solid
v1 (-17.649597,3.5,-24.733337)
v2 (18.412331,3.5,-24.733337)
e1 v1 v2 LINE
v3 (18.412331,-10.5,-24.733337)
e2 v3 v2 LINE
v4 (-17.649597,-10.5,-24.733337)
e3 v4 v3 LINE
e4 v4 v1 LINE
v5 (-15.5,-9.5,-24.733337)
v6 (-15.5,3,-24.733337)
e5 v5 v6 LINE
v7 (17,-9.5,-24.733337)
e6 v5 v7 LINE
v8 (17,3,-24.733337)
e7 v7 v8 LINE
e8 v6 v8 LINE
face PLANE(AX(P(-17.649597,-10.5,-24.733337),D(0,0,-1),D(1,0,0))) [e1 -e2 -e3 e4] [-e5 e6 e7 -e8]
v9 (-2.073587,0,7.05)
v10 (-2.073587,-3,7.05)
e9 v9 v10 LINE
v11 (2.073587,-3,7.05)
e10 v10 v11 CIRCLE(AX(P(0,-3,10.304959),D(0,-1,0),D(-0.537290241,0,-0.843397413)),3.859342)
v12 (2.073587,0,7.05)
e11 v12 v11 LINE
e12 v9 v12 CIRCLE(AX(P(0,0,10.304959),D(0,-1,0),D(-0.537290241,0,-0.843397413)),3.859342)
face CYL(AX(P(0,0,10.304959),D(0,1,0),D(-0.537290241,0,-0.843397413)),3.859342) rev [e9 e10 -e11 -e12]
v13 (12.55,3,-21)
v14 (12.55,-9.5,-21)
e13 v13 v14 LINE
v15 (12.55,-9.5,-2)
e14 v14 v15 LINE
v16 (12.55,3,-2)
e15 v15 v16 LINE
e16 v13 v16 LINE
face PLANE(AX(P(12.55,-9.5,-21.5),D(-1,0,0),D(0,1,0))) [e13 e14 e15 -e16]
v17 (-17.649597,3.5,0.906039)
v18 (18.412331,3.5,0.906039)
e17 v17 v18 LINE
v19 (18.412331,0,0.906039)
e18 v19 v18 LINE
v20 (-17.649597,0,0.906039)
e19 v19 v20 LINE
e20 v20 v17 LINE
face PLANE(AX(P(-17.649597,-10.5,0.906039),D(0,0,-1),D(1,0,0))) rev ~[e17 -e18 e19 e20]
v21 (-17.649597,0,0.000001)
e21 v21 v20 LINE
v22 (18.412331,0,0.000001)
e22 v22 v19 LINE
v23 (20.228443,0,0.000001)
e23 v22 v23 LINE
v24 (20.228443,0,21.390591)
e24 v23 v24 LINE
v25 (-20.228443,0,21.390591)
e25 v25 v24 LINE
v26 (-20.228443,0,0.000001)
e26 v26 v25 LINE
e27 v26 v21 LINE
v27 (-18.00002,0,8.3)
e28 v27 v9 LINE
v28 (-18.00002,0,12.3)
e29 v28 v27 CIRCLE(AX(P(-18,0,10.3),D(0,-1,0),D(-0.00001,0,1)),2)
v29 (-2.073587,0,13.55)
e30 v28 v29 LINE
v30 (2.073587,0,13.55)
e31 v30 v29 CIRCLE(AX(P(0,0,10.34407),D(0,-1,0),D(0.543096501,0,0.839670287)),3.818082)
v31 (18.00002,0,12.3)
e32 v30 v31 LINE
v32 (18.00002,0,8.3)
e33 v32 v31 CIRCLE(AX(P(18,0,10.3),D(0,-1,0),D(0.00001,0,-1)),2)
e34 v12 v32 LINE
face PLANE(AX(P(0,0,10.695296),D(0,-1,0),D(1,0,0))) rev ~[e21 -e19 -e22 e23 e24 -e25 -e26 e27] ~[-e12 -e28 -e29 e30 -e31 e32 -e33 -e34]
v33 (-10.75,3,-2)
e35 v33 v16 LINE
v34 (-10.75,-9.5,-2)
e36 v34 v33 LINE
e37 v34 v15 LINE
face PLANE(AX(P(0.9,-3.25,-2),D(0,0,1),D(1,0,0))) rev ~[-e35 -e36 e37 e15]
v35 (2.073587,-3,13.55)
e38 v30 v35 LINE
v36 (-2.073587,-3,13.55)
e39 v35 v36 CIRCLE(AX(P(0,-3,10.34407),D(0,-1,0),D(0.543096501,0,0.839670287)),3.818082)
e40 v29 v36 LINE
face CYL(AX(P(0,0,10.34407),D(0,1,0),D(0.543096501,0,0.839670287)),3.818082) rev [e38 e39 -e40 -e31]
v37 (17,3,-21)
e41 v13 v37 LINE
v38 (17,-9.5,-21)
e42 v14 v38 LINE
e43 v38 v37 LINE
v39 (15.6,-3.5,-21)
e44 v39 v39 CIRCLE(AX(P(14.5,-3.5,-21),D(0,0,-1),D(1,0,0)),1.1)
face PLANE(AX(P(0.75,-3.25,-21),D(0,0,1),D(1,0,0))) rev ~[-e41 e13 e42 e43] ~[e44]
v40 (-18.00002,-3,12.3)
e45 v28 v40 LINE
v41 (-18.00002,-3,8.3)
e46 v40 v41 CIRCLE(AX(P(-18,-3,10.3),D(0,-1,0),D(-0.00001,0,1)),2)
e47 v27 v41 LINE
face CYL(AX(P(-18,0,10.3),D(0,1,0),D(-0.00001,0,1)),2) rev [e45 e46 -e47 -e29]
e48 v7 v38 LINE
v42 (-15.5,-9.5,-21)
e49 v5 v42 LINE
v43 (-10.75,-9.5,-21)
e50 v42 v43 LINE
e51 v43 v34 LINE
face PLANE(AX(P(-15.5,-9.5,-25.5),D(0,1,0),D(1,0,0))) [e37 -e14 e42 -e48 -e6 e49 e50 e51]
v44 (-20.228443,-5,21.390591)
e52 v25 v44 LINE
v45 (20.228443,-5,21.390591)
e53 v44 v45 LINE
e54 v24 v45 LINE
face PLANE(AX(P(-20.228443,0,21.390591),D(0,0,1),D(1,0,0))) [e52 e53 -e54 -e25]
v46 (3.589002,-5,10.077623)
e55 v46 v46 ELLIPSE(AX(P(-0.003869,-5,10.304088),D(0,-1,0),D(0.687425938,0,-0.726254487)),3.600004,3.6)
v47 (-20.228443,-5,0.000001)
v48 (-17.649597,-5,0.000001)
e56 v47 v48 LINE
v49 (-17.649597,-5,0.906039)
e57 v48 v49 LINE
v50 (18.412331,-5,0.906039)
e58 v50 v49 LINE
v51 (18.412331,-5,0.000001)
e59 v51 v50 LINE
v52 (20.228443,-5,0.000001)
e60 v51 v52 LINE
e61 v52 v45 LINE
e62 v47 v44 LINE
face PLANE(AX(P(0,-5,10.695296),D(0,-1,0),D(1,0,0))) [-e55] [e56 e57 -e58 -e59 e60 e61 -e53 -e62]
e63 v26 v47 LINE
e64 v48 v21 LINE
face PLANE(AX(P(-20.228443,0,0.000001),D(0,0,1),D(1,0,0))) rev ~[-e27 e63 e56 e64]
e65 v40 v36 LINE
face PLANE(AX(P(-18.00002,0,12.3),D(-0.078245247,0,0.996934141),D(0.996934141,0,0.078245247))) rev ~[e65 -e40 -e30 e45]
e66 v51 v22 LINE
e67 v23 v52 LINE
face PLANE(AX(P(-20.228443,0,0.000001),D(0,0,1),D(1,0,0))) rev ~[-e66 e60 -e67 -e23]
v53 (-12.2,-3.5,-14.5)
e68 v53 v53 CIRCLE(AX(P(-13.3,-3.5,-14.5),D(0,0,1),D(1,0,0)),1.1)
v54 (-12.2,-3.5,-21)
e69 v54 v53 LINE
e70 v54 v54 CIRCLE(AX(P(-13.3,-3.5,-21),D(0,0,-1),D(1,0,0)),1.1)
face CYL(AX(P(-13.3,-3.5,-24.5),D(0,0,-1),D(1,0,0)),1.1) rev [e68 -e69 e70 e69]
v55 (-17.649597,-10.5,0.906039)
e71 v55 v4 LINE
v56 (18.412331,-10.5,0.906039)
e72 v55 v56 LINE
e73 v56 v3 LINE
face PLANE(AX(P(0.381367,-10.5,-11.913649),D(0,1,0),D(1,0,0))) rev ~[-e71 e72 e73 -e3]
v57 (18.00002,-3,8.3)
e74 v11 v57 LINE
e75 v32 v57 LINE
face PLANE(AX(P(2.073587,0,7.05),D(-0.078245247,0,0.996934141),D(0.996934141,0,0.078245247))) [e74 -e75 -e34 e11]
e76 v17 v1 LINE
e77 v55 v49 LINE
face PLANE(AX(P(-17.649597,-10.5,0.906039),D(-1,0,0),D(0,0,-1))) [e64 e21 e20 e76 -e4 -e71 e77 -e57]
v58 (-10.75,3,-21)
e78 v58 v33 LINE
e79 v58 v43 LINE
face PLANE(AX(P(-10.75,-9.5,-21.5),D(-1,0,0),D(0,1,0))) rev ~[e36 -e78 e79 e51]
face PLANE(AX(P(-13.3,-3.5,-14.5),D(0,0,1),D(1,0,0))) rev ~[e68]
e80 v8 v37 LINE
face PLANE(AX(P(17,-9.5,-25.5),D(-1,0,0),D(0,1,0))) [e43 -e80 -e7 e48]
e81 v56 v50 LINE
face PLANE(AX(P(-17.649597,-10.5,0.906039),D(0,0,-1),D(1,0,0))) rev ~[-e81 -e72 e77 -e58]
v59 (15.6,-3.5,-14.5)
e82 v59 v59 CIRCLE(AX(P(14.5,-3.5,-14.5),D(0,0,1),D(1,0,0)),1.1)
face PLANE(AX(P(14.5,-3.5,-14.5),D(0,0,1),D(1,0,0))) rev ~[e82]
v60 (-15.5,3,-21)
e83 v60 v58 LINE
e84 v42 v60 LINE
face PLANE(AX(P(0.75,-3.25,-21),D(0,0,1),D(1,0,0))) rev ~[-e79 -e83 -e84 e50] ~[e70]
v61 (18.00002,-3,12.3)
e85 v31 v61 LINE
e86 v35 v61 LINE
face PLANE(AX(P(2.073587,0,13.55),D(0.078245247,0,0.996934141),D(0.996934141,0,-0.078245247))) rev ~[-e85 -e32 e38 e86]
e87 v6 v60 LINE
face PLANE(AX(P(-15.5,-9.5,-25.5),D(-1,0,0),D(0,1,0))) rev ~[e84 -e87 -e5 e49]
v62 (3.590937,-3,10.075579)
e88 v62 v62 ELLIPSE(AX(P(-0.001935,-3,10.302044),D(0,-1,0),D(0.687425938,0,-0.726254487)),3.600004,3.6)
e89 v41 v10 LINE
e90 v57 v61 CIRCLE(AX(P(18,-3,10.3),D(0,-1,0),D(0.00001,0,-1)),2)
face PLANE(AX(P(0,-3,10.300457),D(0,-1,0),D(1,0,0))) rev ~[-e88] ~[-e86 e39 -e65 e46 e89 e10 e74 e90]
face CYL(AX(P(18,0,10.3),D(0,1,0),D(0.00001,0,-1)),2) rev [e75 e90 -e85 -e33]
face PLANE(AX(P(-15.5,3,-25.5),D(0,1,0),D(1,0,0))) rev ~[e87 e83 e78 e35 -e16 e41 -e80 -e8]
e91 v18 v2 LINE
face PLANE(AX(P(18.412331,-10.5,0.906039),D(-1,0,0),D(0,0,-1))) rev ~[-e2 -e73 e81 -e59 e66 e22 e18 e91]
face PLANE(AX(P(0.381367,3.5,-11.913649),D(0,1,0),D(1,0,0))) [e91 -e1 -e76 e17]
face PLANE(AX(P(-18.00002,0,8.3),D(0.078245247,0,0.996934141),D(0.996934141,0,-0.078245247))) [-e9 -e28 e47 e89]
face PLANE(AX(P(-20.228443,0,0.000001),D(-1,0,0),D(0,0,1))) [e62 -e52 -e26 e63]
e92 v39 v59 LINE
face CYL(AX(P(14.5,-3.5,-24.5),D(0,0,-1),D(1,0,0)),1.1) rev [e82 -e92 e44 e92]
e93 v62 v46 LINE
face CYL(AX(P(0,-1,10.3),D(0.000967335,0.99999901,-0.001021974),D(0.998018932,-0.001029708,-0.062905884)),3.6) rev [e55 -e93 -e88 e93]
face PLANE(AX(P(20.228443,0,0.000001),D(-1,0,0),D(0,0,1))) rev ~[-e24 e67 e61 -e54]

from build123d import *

# Parameters (mm, degrees)
CYLINDER023_R               = 3.6
CYLINDER023_DEPTH           = 8
CYLINDER023_ROLL_ANGLE      = 89.941329
CYLINDER023_PITCH_ANGLE     = 3.606623
CYLINDER023_PLACEMENT_ANGLE = -0.059115
PAD031_DEPTH                = 3
SKETCH032_W                 = 40.456886
SKETCH032_H                 = 21.390591
PAD032_DEPTH                = 5
CYLINDER024_R               = 1.1
CYLINDER024_DEPTH           = 10
CYLINDER025_R               = 1.1
CYLINDER025_DEPTH           = 10
SKETCH035_W                 = 23.3
SKETCH035_H                 = 12.5
PAD035_DEPTH                = 19.5
SKETCH033_W                 = 32.5
SKETCH033_H                 = 12.5
PAD034_DEPTH                = 4.5
SKETCH034_W                 = 36.061928
SKETCH034_H                 = 25.639376
PAD033_DEPTH                = 14
CUT030_PLACEMENT_ANGLE      = 90


with BuildPart() as cylinder023:
    # Cylinder023 → Cylinder023 (new body)
    with BuildSketch(Plane.XY):
        Circle(CYLINDER023_R)
    extrude(amount=CYLINDER023_DEPTH)


with BuildPart() as cylinder023_1:
    # Cylinder023 roll: moved
    add(cylinder023.part.rotate(Axis((0, 0, 0), (1, 0, 0)), CYLINDER023_ROLL_ANGLE))


with BuildPart() as cylinder023_2:
    # Cylinder023 pitch: moved
    add(cylinder023_1.part.rotate(Axis((0, 0, 0), (0, 1, 0)), CYLINDER023_PITCH_ANGLE))


with BuildPart() as cylinder023_3:
    # Cylinder023 placement: moved
    add(cylinder023_2.part.moved(Location((21, 34, 6.3))).rotate(Axis((21, 34, 6.3), (0, 0, 1)), CYLINDER023_PLACEMENT_ANGLE))


with BuildPart() as servoagarre011:
    # Sketch031 → Pad031 (new body)
    with BuildSketch(Plane.XZ):
        with BuildLine():
            ThreePointArc((-18.00002, 2), (-20, 0), (-18.00002, -2))
            Line((-18.00002, -2), (-2.073587, -3.25))
            ThreePointArc((-2.073587, -3.25), (0, -3.854383), (2.073587, -3.25))
            Line((2.073587, -3.25), (18.00002, -2))
            ThreePointArc((18.00002, -2), (20, 0), (18.00002, 2))
            Line((2.073587, 3.25), (18.00002, 2))
            ThreePointArc((2.073587, 3.25), (0, 3.862152), (-2.073587, 3.25))
            Line((-18.00002, 2), (-2.073587, 3.25))
        make_face()
    extrude(amount=PAD031_DEPTH)


with BuildPart() as servoagarre011_1:
    # Body034 placement: moved
    add(servoagarre011.part.moved(Location((21, 35, 6.3))))

    # Fusion026: union Cylinder023
    add(cylinder023_3.part)


with BuildPart() as servoagarre011_2:
    # Fusion026 placement: moved
    add(servoagarre011_1.part.moved(Location((-21, -35, 4))))


with BuildPart() as cut027:
    # Sketch032 → Pad032 (new body)
    with BuildSketch(Plane.XZ):
        with Locations((0, 10.695296)):
            Rectangle(SKETCH032_W, SKETCH032_H)
    extrude(amount=PAD032_DEPTH)

    # Cut027: cut ServoAgarre011
    add(servoagarre011_2.part, mode=Mode.SUBTRACT)


with BuildPart() as cylinder024:
    # Cylinder024 → Cylinder024 (new body)
    with BuildSketch(Plane(origin=(30, 22, 6), x_dir=(1, 0, 0), z_dir=(0, -1, 0))):
        Circle(CYLINDER024_R)
    extrude(amount=CYLINDER024_DEPTH)


with BuildPart() as tornillossoporteservohollo005:
    # Cylinder025 → Cylinder025 (new body)
    with BuildSketch(Plane(origin=(2.2, 22, 6), x_dir=(1, 0, 0), z_dir=(0, -1, 0))):
        Circle(CYLINDER025_R)
    extrude(amount=CYLINDER025_DEPTH)

    # Fusion027: union Cylinder024
    add(cylinder024.part)


with BuildPart() as cortecuerpo005:
    # Sketch035 → Pad035 (new body)
    with BuildSketch(Plane.XZ):
        with Locations((16.4, 6.25)):
            Rectangle(SKETCH035_W, SKETCH035_H)
    extrude(amount=PAD035_DEPTH)


with BuildPart() as cortecuerpo005_1:
    # Body038 placement: moved
    add(cortecuerpo005.part.moved(Location((0, 19, 0))))


with BuildPart() as cortetornillos005:
    # Sketch033 → Pad034 (new body)
    with BuildSketch(Plane.XZ):
        with Locations((16.25, 6.25)):
            Rectangle(SKETCH033_W, SKETCH033_H)
    extrude(amount=PAD034_DEPTH)


with BuildPart() as cortetornillos005_1:
    # Body037 placement: moved
    add(cortetornillos005.part.moved(Location((0, 23, 0))))


with BuildPart() as fusion028:
    # Sketch034 → Pad033 (new body)
    with BuildSketch(Plane.XY):
        with Locations((15.881367, 9.413649)):
            Rectangle(SKETCH034_W, SKETCH034_H)
    extrude(amount=PAD033_DEPTH)


with BuildPart() as fusion028_1:
    # Body036 placement: moved
    add(fusion028.part.moved(Location((0, 0, -1))))

    # Cut028: cut CorteTornillos005
    add(cortetornillos005_1.part, mode=Mode.SUBTRACT)

    # Cut029: cut CorteCuerpo005
    add(cortecuerpo005_1.part, mode=Mode.SUBTRACT)

    # Cut030: cut tornillosSoporteServoHollo005
    add(tornillossoporteservohollo005.part, mode=Mode.SUBTRACT)


with BuildPart() as fusion028_2:
    # Cut030 placement: moved
    add(fusion028_1.part.moved(Location((-15.5, -9.5, -2.5))).rotate(Axis((-15.5, -9.5, -2.5), (-1, 0, 0)), CUT030_PLACEMENT_ANGLE))

    # Fusion028: union Cut027
    add(cut027.part)


solid = fusion028_2.part
